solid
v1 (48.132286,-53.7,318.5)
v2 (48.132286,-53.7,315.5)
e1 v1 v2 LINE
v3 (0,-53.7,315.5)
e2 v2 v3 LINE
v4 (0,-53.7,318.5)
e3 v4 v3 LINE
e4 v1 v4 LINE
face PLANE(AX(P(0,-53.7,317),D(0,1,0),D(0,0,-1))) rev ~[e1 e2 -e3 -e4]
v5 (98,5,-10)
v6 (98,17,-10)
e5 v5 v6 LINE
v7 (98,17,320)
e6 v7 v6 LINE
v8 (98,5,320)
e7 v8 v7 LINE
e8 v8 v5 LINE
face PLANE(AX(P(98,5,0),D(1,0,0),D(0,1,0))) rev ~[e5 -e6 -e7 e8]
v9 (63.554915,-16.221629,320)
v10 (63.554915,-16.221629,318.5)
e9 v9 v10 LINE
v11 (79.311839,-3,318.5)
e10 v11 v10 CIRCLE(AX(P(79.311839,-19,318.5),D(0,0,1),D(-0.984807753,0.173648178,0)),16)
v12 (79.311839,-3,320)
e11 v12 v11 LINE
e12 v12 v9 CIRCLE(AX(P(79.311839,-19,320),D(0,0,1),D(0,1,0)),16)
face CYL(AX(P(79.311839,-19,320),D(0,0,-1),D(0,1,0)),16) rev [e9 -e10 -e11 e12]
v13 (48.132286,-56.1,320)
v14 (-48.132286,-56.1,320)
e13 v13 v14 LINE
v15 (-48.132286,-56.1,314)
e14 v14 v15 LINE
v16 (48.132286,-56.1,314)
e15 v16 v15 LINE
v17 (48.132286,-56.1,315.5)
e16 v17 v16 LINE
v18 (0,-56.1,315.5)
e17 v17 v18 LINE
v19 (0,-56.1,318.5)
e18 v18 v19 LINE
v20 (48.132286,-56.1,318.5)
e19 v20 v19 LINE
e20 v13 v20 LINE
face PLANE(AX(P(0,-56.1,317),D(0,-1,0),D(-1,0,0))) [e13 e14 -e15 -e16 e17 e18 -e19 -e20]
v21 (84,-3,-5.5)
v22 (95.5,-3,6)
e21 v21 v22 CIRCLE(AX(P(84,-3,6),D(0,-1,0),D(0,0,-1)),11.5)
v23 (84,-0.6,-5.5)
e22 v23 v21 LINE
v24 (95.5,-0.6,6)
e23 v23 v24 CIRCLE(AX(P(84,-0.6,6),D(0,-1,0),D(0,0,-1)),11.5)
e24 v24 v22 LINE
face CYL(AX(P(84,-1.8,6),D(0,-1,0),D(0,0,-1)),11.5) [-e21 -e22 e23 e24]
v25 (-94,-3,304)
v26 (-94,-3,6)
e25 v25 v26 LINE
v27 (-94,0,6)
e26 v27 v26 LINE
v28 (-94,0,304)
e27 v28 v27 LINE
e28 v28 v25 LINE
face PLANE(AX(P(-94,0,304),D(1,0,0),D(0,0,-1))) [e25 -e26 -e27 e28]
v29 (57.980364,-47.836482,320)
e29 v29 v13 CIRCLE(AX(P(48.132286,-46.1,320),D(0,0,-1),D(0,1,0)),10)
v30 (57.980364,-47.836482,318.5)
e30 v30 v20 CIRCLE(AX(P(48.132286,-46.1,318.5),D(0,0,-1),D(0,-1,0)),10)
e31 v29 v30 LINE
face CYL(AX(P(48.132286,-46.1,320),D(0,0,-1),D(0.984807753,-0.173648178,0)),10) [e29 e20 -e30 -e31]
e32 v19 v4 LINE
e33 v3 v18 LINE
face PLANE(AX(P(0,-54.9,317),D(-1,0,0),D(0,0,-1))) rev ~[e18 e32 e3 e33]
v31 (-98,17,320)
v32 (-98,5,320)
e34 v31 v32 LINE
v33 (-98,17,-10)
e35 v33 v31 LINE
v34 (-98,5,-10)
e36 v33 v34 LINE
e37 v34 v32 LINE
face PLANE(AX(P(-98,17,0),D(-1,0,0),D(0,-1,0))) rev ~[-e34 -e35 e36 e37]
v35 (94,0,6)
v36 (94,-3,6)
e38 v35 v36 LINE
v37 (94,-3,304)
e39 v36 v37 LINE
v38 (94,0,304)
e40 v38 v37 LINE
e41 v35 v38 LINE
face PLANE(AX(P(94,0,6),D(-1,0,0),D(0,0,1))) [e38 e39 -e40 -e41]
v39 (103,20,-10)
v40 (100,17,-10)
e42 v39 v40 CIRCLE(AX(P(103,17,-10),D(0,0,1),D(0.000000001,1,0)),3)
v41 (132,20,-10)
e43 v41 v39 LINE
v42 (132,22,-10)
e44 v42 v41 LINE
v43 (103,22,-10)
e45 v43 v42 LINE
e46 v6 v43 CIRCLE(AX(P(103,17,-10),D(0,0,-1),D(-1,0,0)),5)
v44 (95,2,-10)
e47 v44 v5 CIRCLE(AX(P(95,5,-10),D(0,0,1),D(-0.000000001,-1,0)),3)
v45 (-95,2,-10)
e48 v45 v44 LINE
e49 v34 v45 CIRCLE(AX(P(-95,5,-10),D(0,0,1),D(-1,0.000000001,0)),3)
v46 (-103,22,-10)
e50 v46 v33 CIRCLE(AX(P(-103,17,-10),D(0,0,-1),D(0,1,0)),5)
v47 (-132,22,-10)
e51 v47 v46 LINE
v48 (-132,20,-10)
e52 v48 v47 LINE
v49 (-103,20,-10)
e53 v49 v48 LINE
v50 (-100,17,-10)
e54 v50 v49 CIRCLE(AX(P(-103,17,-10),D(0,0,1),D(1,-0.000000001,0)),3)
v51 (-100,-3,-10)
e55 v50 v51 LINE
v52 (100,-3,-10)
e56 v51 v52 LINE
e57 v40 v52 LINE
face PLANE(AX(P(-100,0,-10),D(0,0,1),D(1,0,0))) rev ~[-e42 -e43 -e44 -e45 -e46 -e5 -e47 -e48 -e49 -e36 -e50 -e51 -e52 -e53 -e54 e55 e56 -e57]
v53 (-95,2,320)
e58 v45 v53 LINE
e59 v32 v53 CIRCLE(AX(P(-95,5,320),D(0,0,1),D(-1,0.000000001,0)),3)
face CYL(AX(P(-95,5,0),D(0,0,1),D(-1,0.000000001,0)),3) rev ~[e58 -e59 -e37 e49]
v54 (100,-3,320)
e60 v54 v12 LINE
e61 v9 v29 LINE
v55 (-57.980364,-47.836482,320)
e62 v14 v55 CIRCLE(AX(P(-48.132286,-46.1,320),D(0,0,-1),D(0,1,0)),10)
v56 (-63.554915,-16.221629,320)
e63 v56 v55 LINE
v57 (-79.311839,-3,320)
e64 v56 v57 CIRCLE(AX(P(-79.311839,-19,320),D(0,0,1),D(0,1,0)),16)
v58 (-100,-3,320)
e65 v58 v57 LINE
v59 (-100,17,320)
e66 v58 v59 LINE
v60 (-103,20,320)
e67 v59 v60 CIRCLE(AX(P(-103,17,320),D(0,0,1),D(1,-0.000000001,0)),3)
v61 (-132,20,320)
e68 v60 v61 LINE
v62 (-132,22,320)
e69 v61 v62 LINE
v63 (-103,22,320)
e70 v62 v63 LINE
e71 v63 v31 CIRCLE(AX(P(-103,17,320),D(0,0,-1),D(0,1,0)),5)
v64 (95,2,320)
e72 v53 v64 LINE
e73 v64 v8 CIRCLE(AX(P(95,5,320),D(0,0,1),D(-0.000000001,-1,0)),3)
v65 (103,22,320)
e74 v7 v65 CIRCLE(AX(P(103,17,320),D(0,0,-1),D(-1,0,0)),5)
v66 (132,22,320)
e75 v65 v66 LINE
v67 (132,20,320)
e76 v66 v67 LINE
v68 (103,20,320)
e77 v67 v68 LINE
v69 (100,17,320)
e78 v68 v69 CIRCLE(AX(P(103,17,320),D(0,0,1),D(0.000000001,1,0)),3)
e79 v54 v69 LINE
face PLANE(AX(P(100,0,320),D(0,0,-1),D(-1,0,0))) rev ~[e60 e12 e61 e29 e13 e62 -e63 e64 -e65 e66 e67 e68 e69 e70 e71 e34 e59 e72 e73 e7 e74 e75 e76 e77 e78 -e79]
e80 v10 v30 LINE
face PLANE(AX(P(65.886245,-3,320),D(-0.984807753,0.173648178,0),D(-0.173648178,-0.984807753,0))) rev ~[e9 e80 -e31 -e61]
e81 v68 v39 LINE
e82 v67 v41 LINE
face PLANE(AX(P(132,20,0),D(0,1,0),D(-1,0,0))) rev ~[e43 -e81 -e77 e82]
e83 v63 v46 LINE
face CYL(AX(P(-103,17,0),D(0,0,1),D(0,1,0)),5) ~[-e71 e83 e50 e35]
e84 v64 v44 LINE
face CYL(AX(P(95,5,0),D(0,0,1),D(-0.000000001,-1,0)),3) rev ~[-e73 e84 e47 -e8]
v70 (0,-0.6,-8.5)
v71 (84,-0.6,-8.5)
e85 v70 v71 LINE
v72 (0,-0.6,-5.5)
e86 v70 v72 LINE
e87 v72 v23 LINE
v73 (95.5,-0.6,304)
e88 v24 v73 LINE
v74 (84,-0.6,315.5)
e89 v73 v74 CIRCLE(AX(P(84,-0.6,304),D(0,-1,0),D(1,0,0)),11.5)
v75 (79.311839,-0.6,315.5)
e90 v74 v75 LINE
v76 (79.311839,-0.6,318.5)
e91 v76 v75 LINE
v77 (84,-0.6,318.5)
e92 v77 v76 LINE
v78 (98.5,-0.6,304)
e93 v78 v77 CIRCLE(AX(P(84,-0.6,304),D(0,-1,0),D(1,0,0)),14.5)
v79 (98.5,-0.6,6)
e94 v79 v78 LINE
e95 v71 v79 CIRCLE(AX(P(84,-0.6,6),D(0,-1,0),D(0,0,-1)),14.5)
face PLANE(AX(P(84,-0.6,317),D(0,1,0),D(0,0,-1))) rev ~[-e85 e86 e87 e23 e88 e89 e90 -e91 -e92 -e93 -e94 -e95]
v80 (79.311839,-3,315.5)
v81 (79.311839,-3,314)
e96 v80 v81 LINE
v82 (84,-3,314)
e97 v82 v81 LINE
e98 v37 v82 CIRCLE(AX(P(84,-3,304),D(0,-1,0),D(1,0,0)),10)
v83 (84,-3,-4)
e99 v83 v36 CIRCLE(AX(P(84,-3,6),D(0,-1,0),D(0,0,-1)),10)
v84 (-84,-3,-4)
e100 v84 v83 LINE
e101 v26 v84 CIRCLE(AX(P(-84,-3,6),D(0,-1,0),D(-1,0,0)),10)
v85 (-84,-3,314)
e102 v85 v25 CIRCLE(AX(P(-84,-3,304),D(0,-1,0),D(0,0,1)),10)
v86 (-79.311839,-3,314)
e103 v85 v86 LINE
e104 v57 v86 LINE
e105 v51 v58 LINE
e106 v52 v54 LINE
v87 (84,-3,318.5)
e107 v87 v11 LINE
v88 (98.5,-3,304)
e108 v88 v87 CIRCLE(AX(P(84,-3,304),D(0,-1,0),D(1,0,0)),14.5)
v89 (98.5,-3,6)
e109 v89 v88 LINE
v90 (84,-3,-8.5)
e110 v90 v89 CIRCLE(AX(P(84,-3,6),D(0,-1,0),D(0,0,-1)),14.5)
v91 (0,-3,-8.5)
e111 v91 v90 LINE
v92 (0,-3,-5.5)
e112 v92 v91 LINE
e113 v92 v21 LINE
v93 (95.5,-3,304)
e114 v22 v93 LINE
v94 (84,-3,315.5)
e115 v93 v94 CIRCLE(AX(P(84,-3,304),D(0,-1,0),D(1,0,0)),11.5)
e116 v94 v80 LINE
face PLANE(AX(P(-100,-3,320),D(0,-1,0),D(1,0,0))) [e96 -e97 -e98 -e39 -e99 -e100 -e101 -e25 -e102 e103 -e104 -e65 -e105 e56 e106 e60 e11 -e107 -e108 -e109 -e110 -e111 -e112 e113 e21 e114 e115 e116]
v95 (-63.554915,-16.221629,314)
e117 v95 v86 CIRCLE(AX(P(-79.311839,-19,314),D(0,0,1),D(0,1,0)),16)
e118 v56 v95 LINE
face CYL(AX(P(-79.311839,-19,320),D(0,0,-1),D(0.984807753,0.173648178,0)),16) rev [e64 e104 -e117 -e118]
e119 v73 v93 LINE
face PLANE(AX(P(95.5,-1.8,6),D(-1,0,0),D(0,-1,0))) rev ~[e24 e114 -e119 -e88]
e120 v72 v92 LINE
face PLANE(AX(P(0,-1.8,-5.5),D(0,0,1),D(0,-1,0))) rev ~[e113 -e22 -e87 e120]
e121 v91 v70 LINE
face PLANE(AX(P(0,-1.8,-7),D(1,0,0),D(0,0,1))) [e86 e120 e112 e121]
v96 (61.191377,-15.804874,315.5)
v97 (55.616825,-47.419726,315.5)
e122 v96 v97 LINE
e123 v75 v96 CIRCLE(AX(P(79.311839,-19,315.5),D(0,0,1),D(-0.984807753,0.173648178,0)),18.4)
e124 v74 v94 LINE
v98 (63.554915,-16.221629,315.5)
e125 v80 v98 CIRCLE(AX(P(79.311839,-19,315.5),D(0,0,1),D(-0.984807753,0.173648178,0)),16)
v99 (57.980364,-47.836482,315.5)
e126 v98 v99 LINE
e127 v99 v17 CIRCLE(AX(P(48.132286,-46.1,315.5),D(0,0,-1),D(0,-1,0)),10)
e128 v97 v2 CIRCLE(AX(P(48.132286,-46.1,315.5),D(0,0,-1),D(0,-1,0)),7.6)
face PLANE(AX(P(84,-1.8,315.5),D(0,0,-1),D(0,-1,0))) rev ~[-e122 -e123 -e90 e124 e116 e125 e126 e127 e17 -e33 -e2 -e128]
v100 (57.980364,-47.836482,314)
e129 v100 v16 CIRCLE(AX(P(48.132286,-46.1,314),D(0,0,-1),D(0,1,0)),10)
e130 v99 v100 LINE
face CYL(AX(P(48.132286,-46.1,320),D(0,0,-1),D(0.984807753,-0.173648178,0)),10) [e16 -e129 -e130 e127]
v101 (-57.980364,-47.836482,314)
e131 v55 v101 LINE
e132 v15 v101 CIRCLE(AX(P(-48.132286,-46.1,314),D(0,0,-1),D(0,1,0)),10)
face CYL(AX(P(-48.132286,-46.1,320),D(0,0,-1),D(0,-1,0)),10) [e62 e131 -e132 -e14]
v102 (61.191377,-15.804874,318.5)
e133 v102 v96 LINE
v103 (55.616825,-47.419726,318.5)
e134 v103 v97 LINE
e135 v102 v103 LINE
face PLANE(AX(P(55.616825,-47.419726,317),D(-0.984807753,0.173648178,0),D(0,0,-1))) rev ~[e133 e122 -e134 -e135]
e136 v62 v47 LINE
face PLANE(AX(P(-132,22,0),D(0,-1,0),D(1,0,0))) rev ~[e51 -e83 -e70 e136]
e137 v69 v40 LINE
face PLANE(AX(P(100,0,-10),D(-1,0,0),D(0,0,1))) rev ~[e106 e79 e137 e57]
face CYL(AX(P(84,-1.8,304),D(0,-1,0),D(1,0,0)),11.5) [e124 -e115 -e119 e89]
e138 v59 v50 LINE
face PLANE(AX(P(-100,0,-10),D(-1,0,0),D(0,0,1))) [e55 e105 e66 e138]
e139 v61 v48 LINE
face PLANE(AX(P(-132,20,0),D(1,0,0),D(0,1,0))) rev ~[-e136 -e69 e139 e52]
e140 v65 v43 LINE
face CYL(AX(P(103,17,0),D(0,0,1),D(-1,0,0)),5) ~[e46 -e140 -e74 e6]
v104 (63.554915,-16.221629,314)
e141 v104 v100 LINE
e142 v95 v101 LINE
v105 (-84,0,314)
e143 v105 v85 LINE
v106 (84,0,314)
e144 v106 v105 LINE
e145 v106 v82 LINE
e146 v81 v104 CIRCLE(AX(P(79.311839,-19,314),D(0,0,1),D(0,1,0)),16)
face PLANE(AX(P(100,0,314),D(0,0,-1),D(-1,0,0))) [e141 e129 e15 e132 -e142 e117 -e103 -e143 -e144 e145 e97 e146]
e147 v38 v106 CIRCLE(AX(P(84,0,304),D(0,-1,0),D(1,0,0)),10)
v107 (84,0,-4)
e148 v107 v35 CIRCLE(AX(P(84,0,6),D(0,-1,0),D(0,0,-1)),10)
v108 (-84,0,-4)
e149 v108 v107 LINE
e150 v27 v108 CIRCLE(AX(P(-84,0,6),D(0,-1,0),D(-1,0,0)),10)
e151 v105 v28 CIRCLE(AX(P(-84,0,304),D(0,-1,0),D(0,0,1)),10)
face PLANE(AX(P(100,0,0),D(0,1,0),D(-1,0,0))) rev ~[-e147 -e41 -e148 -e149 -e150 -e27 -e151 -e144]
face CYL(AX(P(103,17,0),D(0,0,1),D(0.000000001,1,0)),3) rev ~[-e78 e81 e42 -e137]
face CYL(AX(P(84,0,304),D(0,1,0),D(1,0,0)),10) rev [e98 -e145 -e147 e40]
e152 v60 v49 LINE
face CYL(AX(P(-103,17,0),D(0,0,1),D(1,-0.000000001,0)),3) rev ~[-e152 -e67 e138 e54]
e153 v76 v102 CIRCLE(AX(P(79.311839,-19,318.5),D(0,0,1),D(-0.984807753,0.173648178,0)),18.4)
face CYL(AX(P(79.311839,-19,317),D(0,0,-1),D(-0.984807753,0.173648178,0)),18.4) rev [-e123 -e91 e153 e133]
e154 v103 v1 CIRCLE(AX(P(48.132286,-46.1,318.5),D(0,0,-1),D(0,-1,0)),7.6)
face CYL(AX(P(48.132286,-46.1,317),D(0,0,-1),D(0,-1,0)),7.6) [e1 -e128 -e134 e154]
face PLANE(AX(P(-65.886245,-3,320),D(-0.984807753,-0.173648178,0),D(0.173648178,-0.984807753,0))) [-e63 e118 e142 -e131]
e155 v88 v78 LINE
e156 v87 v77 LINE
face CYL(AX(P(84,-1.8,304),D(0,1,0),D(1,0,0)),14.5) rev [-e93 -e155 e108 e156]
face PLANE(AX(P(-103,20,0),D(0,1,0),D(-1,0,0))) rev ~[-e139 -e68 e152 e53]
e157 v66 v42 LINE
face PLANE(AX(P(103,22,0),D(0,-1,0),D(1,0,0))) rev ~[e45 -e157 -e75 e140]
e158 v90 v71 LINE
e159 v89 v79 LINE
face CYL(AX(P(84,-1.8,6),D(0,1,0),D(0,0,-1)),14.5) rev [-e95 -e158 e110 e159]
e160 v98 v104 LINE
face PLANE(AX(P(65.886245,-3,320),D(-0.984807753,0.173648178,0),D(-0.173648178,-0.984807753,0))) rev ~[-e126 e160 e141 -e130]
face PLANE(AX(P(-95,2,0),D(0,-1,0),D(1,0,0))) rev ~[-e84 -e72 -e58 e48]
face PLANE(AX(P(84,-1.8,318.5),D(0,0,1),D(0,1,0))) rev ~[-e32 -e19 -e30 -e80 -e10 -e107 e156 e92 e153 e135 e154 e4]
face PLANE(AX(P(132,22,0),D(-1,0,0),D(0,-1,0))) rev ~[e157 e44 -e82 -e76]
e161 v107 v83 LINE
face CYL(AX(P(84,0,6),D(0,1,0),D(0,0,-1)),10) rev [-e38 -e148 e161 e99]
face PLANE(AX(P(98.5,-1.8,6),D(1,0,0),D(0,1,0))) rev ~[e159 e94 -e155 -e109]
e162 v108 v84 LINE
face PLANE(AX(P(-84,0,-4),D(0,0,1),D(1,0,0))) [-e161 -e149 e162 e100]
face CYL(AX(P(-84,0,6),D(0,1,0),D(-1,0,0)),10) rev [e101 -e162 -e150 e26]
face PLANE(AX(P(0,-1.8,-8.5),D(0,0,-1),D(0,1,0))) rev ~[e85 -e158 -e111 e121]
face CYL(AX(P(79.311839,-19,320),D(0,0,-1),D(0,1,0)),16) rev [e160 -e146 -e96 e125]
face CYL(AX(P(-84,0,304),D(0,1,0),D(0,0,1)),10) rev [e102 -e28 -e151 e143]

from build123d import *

# Parameters (mm, degrees)
BOSS_EXTRU_1_DEPTH       = 320
BOSS_EXTRU_1_DEPTH_BACK  = 10
ESQUISSE3_W              = 200
ESQUISSE3_H              = 6
BOSS_EXTRU_2_DEPTH       = 56.1
ESQUISSE41_W             = 200
ESQUISSE41_H             = 330
BOSS_EXTRU_9_DEPTH       = 3
ENL_V_MAT_EXTRU_22_DEPTH = 6
CONG_8_R                 = 10
CONG_9_R                 = 16
ESQUISSE48_W             = 3
ESQUISSE48_H             = 2.4


with BuildPart() as part:
    # Esquisse1 → Boss.-Extru.1 (new body, two sides)
    with BuildSketch(Plane.XY) as boss_extru_1_sk:
        with BuildLine():
            Line((-95, 2), (95, 2))
            ThreePointArc((95, 2), (97.121320344, 2.878679656), (98, 5))
            Line((98, 5), (98, 17))
            ThreePointArc((98, 17), (99.464466094, 20.535533906), (103, 22))
            Line((103, 22), (127, 22))
            Line((127, 22), (132, 22))
            Line((132, 22), (132, 20))
            Line((132, 20), (127, 20))
            Line((127, 20), (103, 20))
            ThreePointArc((103, 20), (100.878679656, 19.121320344), (100, 17))
            Line((100, 17), (100, 0))
            Line((100, 0), (-100, 0))
            Line((-100, 0), (-100, 17))
            ThreePointArc((-100, 17), (-100.878679656, 19.121320344), (-103, 20))
            Line((-103, 20), (-127, 20))
            Line((-127, 20), (-132, 20))
            Line((-132, 20), (-132, 22))
            Line((-132, 22), (-127, 22))
            Line((-127, 22), (-103, 22))
            ThreePointArc((-103, 22), (-99.464466094, 20.535533906), (-98, 17))
            Line((-98, 17), (-98, 5))
            ThreePointArc((-98, 5), (-97.121320344, 2.878679656), (-95, 2))
        make_face()
    extrude(amount=BOSS_EXTRU_1_DEPTH)
    extrude(boss_extru_1_sk.sketch, amount=-BOSS_EXTRU_1_DEPTH_BACK)

    # Esquisse3 → Boss.-Extru.2 (add)
    with BuildSketch(Plane(origin=(0, 0, 0), x_dir=(-1, 0, 0), z_dir=(0, -1, 0))):
        with Locations((0, -317)):
            Rectangle(ESQUISSE3_W, ESQUISSE3_H)
    extrude(amount=BOSS_EXTRU_2_DEPTH)

    # Esquisse41 → Boss.-Extru.9 (add)
    with BuildSketch(Plane.XZ):
        with Locations((0, 155)):
            Rectangle(ESQUISSE41_W, ESQUISSE41_H)
        with BuildLine():
            Line((84, 314), (-84, 314))
            ThreePointArc((-84, 314), (-91.071067812, 311.071067812), (-94, 304))
            Line((-94, 304), (-94, 6))
            ThreePointArc((-94, 6), (-91.071067812, -1.071067812), (-84, -4))
            Line((-84, -4), (84, -4))
            ThreePointArc((84, -4), (91.071067812, -1.071067812), (94, 6))
            Line((94, 6), (94, 304))
            ThreePointArc((94, 304), (91.071067812, 311.071067812), (84, 314))
        make_face(mode=Mode.SUBTRACT)
    extrude(amount=BOSS_EXTRU_9_DEPTH)

    # Esquisse24 → Enlèv. mat.-Extru.22 (cut)
    with BuildSketch(Plane.XY.offset(320)):
        Polygon((65.886245289, -3), (56.523282614, -56.1), (100, -56.1), (100, -3), align=None)
        Polygon((-65.886245289, -3), (-56.523282614, -56.1), (-100, -56.1), (-100, -3), align=None)
    extrude(amount=-ENL_V_MAT_EXTRU_22_DEPTH, mode=Mode.SUBTRACT)

    # Congé8
    cong_8_edges = [part.edges().sort_by_distance(p)[0] for p in [
        (56.523282614, -56.1, 317),
        (-56.523282614, -56.1, 317),
    ]]
    fillet(cong_8_edges, radius=CONG_8_R)

    # Congé9
    cong_9_edges = [part.edges().sort_by_distance(p)[0] for p in [
        (65.886245289, -3, 317),
        (-65.886245289, -3, 317),
    ]]
    fillet(cong_9_edges, radius=CONG_9_R)

    # Enlèvement de matière-Balayage2: sweep along a curve in space
    with BuildLine() as enl_vement_de_mati_re_balayage2_path:
        Line((0, -3, -7), (84, -3, -7))
        ThreePointArc((84, -3, -7), (93.192388155, -3, -3.192388155), (97, -3, 6))
        Line((97, -3, 6), (97, -3, 304))
        ThreePointArc((97, -3, 304), (93.192388155, -3, 313.192388155), (84, -3, 317))
        Line((84, -3, 317), (79.311839388, -3, 317))
        ThreePointArc((63.55491534, -16.221629157, 317), (69.027237633, -6.74328891, 317), (79.311839388, -3, 317))
        Line((57.980363832, -47.836481777, 317), (63.55491534, -16.221629157, 317))
        ThreePointArc((48.132286302, -56.1, 317), (54.560162399, -53.760444431, 317), (57.980363832, -47.836481777, 317))
        Line((0, -56.1, 317), (48.132286302, -56.1, 317))
    # Esquisse48 → Enlèvement de matière-Balayage2 (sweep, cut)
    with BuildSketch(Plane(origin=(0, 0, 0), x_dir=(0, 0, -1), z_dir=(1, 0, 0))):
        with Locations((7, -1.8)):
            Rectangle(ESQUISSE48_W, ESQUISSE48_H)
    sweep(path=enl_vement_de_mati_re_balayage2_path.line, mode=Mode.SUBTRACT)


solid = part.part
